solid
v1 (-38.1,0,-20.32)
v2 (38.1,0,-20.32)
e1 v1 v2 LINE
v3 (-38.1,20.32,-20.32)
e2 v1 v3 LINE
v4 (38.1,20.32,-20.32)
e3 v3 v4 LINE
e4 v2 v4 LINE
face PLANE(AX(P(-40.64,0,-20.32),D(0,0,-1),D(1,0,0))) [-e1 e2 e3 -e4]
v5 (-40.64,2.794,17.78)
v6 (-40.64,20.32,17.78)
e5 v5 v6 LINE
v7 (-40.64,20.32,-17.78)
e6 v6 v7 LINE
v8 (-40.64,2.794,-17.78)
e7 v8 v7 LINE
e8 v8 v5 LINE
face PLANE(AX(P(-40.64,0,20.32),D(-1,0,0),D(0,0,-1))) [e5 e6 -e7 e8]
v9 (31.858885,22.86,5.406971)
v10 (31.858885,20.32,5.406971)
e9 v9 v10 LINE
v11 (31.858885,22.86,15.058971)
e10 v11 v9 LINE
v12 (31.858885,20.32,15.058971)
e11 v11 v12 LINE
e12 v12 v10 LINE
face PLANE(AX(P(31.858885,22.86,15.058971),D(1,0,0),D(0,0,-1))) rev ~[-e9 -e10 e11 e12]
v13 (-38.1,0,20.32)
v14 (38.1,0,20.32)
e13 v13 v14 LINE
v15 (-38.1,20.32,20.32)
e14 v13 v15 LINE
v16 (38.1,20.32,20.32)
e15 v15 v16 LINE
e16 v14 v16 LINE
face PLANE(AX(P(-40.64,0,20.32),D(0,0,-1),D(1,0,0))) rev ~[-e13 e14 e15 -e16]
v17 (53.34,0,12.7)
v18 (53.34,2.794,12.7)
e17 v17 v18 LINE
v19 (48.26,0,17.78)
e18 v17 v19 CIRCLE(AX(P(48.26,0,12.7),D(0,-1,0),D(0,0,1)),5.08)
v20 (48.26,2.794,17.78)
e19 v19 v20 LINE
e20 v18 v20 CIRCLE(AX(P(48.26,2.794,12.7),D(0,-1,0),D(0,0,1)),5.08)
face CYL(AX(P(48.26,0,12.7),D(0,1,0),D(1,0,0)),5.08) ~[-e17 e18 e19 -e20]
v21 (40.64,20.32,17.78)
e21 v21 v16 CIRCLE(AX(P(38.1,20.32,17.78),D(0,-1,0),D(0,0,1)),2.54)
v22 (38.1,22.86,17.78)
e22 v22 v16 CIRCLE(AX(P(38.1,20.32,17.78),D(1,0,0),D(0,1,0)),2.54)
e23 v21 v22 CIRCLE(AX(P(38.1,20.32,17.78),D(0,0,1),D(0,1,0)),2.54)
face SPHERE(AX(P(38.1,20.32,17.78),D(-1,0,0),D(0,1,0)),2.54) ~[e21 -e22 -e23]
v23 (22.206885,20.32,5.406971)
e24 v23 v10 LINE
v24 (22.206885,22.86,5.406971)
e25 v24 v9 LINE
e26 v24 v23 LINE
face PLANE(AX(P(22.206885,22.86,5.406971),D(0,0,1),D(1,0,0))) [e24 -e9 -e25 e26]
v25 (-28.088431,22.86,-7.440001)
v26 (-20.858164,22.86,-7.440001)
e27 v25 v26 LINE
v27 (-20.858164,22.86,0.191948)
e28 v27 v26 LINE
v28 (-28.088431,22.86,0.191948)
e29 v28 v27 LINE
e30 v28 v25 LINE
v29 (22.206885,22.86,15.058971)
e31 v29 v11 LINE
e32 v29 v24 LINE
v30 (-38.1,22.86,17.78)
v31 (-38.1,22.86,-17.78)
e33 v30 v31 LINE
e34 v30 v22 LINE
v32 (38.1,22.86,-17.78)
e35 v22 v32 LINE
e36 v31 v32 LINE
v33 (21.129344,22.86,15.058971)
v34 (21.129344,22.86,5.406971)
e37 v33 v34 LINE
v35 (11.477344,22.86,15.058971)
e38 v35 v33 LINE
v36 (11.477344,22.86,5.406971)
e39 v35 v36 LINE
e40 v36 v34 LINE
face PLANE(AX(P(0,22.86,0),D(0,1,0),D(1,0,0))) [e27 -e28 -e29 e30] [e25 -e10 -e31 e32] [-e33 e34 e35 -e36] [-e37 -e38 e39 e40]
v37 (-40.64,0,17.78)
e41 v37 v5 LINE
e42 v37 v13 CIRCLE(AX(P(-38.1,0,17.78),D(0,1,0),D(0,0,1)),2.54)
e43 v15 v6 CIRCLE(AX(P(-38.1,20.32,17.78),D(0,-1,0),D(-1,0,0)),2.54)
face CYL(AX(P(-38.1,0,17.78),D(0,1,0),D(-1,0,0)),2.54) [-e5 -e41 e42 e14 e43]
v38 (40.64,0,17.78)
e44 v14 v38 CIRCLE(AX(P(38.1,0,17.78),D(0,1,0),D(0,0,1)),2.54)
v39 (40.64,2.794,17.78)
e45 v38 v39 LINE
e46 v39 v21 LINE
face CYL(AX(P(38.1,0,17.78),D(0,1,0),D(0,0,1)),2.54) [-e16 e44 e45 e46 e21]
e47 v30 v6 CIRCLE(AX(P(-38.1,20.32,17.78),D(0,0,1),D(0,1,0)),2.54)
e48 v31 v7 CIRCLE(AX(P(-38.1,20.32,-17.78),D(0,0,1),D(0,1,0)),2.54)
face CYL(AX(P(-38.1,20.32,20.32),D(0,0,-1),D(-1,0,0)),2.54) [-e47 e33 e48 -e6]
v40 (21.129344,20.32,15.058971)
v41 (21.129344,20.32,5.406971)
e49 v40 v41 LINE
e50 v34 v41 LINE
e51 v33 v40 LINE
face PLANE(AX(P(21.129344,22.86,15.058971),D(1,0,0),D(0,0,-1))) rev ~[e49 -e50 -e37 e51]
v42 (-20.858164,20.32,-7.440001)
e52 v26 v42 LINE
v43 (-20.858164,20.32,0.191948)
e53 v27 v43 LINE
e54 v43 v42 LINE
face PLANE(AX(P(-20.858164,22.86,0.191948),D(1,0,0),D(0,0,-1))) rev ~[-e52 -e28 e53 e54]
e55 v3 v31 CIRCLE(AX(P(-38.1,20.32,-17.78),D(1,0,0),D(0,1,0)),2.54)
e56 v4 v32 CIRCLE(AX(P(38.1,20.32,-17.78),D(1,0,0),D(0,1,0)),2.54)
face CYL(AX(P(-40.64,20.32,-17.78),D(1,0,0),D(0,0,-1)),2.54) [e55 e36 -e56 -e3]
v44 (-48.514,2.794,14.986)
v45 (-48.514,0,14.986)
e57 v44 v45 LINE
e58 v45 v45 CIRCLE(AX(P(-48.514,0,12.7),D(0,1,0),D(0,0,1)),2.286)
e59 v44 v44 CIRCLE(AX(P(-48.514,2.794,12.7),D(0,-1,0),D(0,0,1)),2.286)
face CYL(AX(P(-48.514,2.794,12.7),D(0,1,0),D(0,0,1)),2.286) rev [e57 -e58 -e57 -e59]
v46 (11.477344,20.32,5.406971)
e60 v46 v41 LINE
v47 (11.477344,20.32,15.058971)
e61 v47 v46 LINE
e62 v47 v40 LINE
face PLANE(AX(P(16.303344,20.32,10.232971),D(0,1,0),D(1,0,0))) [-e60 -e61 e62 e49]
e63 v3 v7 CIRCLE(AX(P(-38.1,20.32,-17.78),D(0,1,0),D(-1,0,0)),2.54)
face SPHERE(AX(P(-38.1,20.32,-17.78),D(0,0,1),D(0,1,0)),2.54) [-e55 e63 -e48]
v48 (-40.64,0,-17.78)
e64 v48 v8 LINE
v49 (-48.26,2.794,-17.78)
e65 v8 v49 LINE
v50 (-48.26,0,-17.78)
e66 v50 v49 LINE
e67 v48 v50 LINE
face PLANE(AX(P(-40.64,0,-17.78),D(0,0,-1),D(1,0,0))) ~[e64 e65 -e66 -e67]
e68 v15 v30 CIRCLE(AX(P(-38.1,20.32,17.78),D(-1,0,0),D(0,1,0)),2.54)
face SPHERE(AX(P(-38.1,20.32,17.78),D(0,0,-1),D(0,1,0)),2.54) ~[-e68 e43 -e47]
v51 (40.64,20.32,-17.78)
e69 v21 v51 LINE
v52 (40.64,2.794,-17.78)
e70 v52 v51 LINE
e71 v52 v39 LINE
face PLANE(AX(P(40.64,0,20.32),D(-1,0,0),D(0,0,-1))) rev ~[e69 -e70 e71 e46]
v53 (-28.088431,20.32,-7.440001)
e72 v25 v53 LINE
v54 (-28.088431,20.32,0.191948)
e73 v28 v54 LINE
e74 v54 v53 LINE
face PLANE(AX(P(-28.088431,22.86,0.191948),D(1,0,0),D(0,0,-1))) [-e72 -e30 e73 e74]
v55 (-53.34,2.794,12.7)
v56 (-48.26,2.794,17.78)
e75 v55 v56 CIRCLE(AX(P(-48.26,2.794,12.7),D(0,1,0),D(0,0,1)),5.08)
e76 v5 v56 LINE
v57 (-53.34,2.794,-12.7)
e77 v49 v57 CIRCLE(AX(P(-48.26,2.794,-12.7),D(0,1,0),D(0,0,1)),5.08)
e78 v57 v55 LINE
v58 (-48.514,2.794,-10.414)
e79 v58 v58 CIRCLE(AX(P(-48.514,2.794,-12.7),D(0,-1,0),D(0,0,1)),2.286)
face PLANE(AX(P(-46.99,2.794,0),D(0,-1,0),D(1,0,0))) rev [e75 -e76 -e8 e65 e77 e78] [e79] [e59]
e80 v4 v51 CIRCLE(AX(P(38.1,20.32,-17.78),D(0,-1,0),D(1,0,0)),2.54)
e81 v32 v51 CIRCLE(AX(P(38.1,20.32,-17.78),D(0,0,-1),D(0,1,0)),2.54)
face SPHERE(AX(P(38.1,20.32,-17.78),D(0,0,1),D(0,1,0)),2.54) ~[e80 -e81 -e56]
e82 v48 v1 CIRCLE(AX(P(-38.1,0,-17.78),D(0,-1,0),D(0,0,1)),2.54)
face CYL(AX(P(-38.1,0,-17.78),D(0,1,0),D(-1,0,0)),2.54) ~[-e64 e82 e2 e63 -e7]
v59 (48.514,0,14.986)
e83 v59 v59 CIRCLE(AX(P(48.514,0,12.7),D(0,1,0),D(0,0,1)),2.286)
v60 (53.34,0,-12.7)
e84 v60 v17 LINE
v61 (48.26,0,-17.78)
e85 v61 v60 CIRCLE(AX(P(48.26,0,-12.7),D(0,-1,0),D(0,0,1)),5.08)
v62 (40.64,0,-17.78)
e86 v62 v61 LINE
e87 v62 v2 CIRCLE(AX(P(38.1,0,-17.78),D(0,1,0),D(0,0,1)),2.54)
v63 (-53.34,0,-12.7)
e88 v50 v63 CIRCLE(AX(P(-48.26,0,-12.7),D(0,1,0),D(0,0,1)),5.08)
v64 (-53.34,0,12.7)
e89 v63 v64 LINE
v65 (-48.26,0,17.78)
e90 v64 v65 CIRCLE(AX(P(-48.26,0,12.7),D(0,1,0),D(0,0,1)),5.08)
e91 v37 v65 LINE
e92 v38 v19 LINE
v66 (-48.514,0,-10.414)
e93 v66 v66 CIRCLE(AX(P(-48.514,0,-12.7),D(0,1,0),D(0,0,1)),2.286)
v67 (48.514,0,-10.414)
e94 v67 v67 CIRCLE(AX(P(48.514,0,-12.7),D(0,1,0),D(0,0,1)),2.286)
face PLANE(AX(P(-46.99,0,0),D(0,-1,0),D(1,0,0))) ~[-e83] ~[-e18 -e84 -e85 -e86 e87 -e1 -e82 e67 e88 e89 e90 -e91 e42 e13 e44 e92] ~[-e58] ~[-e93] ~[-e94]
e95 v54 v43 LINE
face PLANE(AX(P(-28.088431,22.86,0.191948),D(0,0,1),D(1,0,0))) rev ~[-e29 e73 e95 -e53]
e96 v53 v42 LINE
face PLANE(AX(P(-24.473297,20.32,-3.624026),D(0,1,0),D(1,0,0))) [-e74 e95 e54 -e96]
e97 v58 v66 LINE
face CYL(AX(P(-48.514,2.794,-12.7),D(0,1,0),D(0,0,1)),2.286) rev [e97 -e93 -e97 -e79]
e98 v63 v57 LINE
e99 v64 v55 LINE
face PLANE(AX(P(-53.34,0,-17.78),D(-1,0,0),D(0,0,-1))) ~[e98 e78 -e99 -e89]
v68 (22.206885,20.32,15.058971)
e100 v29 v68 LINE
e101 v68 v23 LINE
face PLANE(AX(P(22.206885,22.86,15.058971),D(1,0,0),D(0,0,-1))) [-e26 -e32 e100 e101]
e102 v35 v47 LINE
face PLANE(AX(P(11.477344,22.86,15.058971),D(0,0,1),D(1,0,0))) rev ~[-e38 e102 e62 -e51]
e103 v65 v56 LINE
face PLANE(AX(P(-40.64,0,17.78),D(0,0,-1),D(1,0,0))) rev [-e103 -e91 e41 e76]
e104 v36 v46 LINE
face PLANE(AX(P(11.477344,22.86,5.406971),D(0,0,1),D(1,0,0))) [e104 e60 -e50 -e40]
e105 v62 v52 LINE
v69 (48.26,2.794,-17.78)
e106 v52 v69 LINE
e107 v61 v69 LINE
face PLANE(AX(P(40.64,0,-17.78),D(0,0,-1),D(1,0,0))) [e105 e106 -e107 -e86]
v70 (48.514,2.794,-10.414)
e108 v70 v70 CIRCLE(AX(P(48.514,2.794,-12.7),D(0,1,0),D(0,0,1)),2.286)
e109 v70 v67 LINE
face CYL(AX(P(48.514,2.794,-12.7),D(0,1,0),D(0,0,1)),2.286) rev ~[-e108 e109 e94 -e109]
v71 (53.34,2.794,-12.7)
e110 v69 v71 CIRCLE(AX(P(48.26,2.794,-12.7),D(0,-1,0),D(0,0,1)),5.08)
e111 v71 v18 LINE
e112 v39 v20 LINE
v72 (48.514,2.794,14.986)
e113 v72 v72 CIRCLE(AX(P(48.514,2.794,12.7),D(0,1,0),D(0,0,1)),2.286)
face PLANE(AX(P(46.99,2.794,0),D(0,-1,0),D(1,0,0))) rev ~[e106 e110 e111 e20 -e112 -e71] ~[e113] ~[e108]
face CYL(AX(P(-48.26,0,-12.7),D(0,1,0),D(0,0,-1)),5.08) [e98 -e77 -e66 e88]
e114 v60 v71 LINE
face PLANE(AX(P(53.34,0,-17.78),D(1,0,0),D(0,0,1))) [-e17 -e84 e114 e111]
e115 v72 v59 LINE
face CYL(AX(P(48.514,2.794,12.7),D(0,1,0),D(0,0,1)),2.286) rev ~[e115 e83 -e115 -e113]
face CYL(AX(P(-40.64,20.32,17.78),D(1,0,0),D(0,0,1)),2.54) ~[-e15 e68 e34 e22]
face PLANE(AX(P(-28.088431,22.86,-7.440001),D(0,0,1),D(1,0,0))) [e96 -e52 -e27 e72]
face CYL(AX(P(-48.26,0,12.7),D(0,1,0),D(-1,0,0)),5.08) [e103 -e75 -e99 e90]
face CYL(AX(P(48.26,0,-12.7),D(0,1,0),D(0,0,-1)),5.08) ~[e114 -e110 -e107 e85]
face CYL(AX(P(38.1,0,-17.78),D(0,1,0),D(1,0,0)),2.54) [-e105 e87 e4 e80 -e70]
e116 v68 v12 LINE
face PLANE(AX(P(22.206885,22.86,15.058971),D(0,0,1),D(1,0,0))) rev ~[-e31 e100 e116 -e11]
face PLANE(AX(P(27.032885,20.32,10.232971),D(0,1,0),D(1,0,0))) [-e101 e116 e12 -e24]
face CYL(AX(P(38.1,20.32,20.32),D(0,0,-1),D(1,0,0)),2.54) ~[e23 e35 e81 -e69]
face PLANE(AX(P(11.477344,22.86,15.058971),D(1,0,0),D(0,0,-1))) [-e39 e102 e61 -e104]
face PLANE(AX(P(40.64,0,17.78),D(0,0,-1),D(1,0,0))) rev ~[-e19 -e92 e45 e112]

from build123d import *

# Parameters (mm, degrees)
SKETCH1_W            = 81.28
SKETCH1_H            = 40.64
BOSS_EXTRUDE1_DEPTH  = 22.86
FILLET1_R            = 2.54
SKETCH2_W            = 12.7
SKETCH2_H            = 35.56
BOSS_EXTRUDE2_DEPTH  = 2.794
FILLET2_R            = 5.08
SKETCH3_R            = 2.286
CUT_EXTRUDE1_DEPTH   = 61.503738364
FILLET2_OF_MIRROR1_R = 5.08
SKETCH4_W            = 7.230266788
SKETCH4_H            = 7.631948276
SKETCH4_W_2          = 9.652
SKETCH4_H_2          = 9.652
CUT_EXTRUDE2_DEPTH   = 2.54


with BuildPart() as part:
    # Sketch1 → Boss-Extrude1 (new body)
    with BuildSketch(Plane(origin=(0, 0, 0), x_dir=(1, 0, 0), z_dir=(0, 1, 0))):
        Rectangle(SKETCH1_W, SKETCH1_H)
    extrude(amount=BOSS_EXTRUDE1_DEPTH)

    # Fillet1
    fillet1_edges = [part.edges().sort_by_distance(p)[0] for p in [
        (-40.64, 22.86, 0),
        (0, 22.86, 20.32),
        (40.64, 22.86, 0),
        (0, 22.86, -20.32),
        (40.64, 11.43, 20.32),
        (-40.64, 11.43, 20.32),
        (-40.64, 11.43, -20.32),
        (40.64, 11.43, -20.32),
    ]]
    fillet(fillet1_edges, radius=FILLET1_R)

    # Sketch2 → Boss-Extrude2 (add)
    with BuildSketch(Plane.XZ):
        with Locations((46.99, 0)):
            Rectangle(SKETCH2_W, SKETCH2_H)
    boss_extrude2 = extrude(amount=-BOSS_EXTRUDE2_DEPTH)

    # Fillet2
    fillet2_edges = [part.edges().sort_by_distance(p)[0] for p in [
        (53.34, 1.397, 17.78),
        (53.34, 1.397, -17.78),
    ]]
    fillet(fillet2_edges, radius=FILLET2_R)

    # Sketch3 → Cut-Extrude1 (cut, through all)
    with BuildSketch(Plane(origin=(0, 2.794, 0), x_dir=(1, 0, 0), z_dir=(0, 1, 0))):
        with Locations(Location((48.514, 12.7, 0), (0, 0, 270))):
            Circle(SKETCH3_R)
        with Locations(Location((48.514, -12.7, 0), (0, 0, 270))):
            Circle(SKETCH3_R)
    cut_extrude1 = extrude(amount=-CUT_EXTRUDE1_DEPTH, mode=Mode.SUBTRACT)

    # Mirror1: Boss-Extrude2, Cut-Extrude1 across plane
    add(boss_extrude2.mirror(Plane(origin=(0, 0, 0), x_dir=(0, 0, 1), z_dir=(1, 0, 0))))
    add(cut_extrude1.mirror(Plane(origin=(0, 0, 0), x_dir=(0, 0, 1), z_dir=(1, 0, 0))), mode=Mode.SUBTRACT)

    # Fillet2 of Mirror1
    fillet2_of_mirror1_edges = [part.edges().sort_by_distance(p)[0] for p in [
        (-53.34, 1.397, 17.78),
        (-53.34, 1.397, -17.78),
    ]]
    fillet(fillet2_of_mirror1_edges, radius=FILLET2_OF_MIRROR1_R)

    # Sketch4 → Cut-Extrude2 (cut)
    with BuildSketch(Plane(origin=(0, 22.86, 0), x_dir=(1, 0, 0), z_dir=(0, 1, 0))):
        with Locations((-24.473297313, 3.624026455)):
            Rectangle(SKETCH4_W, SKETCH4_H)
        with Locations((16.303343502, -10.232970532)):
            Rectangle(SKETCH4_W_2, SKETCH4_H_2)
        with Locations((27.032885284, -10.232970532)):
            Rectangle(SKETCH4_W_2, SKETCH4_H_2)
    extrude(amount=-CUT_EXTRUDE2_DEPTH, mode=Mode.SUBTRACT)


solid = part.part
